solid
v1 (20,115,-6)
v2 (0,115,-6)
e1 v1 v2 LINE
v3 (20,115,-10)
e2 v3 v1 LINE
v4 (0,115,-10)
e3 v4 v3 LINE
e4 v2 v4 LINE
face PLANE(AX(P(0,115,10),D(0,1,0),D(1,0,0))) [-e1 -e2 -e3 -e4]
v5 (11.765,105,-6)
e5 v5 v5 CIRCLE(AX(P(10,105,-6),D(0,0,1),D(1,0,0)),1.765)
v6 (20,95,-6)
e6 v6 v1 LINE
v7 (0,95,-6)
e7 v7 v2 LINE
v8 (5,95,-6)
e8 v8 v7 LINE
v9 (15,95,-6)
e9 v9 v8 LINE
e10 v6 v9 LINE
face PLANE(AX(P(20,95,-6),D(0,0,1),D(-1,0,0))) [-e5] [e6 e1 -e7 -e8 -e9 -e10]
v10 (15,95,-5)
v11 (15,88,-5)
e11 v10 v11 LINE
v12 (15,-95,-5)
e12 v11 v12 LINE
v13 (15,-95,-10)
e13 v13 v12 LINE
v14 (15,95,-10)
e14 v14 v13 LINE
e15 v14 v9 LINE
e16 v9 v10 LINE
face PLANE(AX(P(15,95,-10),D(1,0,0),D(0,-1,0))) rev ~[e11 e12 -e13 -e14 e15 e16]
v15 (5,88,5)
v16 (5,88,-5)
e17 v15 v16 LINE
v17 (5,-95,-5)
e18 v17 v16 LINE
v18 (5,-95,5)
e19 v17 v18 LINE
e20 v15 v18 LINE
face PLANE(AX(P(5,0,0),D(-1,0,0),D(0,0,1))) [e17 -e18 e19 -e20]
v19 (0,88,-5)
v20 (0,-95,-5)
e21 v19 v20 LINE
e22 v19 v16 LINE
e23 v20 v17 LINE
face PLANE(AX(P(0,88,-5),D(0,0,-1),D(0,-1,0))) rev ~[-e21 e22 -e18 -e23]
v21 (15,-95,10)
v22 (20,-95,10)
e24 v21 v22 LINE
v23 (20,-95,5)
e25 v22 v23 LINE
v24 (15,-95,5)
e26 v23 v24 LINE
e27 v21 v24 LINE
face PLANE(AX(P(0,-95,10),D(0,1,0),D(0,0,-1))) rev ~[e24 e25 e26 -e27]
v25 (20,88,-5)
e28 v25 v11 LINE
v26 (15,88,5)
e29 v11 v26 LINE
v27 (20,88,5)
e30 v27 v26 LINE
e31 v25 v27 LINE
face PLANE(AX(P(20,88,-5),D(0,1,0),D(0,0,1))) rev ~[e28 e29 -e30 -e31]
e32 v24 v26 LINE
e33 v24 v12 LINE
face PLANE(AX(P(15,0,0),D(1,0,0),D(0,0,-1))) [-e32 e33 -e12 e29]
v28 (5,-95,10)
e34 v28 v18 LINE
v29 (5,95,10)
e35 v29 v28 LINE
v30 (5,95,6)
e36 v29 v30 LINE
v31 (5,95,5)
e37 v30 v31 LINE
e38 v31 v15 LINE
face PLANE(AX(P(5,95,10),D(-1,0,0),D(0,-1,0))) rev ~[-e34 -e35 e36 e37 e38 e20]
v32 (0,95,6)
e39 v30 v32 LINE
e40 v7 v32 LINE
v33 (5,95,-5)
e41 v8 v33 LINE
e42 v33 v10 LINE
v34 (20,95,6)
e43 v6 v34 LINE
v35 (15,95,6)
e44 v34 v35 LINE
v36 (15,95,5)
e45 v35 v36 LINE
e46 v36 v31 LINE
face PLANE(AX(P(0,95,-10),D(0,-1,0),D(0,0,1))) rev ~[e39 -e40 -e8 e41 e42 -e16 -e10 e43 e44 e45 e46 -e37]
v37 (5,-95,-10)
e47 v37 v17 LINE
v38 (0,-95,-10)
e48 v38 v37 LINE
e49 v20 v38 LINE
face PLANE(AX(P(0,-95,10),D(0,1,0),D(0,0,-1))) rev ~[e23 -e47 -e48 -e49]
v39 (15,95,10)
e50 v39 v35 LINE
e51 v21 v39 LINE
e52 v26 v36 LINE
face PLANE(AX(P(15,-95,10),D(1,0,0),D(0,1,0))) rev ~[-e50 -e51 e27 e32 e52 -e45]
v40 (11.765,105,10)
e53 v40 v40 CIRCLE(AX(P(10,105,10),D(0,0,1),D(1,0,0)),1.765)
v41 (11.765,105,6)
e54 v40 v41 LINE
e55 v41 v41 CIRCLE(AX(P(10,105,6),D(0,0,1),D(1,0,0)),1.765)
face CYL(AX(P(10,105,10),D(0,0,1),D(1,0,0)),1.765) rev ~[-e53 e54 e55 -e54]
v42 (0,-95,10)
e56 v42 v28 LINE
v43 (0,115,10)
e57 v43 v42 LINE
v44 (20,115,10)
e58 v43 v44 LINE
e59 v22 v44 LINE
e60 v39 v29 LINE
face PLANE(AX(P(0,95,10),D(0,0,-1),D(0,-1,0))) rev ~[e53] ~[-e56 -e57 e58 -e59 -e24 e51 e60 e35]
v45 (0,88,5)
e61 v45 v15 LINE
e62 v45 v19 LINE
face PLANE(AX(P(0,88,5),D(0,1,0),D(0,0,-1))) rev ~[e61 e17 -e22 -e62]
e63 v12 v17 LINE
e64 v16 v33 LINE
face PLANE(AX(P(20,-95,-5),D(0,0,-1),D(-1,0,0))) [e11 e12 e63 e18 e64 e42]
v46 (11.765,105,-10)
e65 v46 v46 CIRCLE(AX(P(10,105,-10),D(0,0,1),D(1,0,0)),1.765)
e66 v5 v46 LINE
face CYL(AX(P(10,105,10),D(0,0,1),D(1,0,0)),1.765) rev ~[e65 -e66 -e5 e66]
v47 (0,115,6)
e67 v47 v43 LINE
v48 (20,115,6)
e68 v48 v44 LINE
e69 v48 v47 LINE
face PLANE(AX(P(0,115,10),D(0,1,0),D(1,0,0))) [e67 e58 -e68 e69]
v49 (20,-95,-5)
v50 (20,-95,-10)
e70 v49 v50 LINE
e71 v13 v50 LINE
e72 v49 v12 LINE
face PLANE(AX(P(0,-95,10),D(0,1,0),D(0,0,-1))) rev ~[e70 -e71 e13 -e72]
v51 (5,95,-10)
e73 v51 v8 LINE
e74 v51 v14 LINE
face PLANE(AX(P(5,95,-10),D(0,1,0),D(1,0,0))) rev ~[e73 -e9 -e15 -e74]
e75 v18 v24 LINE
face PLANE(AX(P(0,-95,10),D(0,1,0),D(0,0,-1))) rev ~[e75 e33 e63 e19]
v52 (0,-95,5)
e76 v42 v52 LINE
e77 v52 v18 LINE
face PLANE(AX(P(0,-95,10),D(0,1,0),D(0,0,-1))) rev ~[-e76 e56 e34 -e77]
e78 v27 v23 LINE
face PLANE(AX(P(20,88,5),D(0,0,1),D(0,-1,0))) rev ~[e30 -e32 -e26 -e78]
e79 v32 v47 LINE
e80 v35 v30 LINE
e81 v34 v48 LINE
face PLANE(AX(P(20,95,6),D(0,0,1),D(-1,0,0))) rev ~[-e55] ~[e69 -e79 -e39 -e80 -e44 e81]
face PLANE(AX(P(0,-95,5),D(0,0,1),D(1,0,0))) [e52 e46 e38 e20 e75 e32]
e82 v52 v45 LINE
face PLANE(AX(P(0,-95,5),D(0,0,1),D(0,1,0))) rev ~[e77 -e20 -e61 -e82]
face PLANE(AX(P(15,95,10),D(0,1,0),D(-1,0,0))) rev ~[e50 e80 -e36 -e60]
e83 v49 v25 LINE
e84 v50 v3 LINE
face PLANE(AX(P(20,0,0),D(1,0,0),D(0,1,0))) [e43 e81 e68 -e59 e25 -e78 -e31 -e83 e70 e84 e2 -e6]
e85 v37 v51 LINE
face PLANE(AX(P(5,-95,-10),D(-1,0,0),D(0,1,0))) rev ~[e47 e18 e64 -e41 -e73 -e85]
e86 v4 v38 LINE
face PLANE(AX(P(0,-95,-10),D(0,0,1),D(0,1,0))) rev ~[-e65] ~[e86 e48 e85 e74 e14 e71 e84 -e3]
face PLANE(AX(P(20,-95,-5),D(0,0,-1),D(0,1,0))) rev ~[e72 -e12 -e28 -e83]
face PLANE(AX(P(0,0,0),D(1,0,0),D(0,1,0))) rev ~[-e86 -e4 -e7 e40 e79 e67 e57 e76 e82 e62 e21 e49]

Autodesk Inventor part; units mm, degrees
ref_plane "YZ Plane" through (0, 0, 0) normal (1, 0, 0) x (0, 1, 0)
ref_plane "XZ Plane" through (0, 0, 0) normal (0, 1, 0) x (-1, 0, 0)
ref_plane "XY Plane" through (0, 0, 0) normal (0, 0, 1) x (1, 0, 0)
sketch "Esquisse1" plane through (0, 0, 0) normal (1, 0, 0) x (0, 1, 0)
  line L0 (95, 10) -> (-95, 10)
  line L1 (-95, 10) -> (-95, -10)
  line L2 (-95, -10) -> (95, -10)
  line L3 (95, -10) -> (95, 10)
  line L4 (95, 10) -> (-95, -10)
  line L5 (-95, 10) -> (95, -10)
  point P0 (0, 0)
  point P1 (0, 0)
  point P2 (0, 0)
  dimension "d0" = 190
  dimension "d1" = 20
extrude "Extrusion1" add sketch "Esquisse1" along normal blind 20
sketch "Esquisse2" plane through (0, 95, 10) normal (0, 1, 0) x (1, 0, 0)
  line L0 (20, 20) -> (20, 0) projected
  line L1 (0, 0) -> (20, 0)
  line L2 (20, 0) -> (20, 4)
  line L3 (20, 4) -> (0, 4)
  line L4 (0, 4) -> (0, 0)
  line L5 (0, 10) -> (20, 10)
  line L6 (0, 20) -> (20, 20)
  line L7 (20, 20) -> (20, 16)
  line L8 (20, 16) -> (0, 16)
  line L9 (0, 16) -> (0, 20)
extrude "Extrusion2" add sketch "Esquisse2" along normal blind 20
sketch "Esquisse3" plane through (0, -95, 10) normal (0, 0, 1) x (1, 0, 0)
  circle A0 centre (10, 200) radius 1.765
  line L0 (0, 0) -> (0, 210) projected
  line L1 (0, 210) -> (20, 210) projected
  point P0 (0, 95)
  dimension "d6" = 3.53
  dimension "d7" = 10
  dimension "d8" = 10
extrude "Extrusion3" cut sketch "Esquisse3" against normal blind 78.75
sketch "Esquisse4" plane through (0, -95, 10) normal (0, 0, 1) x (1, 0, 0)
  line L0 (20, 190) -> (0, 190) projected
  line L1 (5, 0) -> (15, 0)
  line L2 (15, 0) -> (15, 190)
  line L3 (15, 190) -> (5, 190)
  line L4 (5, 190) -> (5, 0)
  point P0 (0, 95)
extrude "Extrusion4" cut sketch "Esquisse4" against normal blind 5
sketch "Esquisse5" plane through (20, -95, -10) normal (0, 0, -1) x (-1, 0, 0)
  line L0 (5, 0) -> (0, 0) projected
  line L1 (15, 0) -> (15, 190) projected
  line L2 (5, 0) -> (15, 0)
  line L3 (15, 0) -> (15, 190)
  line L4 (15, 190) -> (5, 190)
  line L5 (5, 190) -> (5, 0)
  point P0 (20, 95)
extrude "Extrusion5" cut sketch "Esquisse5" against normal blind 5
sketch "Esquisse6" plane through (20, 0, 0) normal (1, 0, 0) x (0, 0, -1)
  line L0 (-10, -95) -> (10, -95) projected
  line L1 (5, -95) -> (5, 95) projected
  line L2 (-5, -95) -> (5, -95)
  line L3 (5, -95) -> (5, 88)
  line L4 (5, 88) -> (-5, 88)
  line L5 (-5, 88) -> (-5, -95)
  point P0 (0, 0)
extrude "Extrusion6" cut sketch "Esquisse6" against normal blind 5
sketch "Esquisse7" plane through (0, 0, 0) normal (-1, 0, 0) x (0, 0, 1)
  line L0 (-5, 88) -> (-5, -95) projected
  line L1 (5, -95) -> (5, 95) projected
  line L2 (-5, -95) -> (5, -95)
  line L3 (5, -95) -> (5, 88)
  line L4 (5, 88) -> (-5, 88)
  line L5 (-5, 88) -> (-5, -95)
  point P0 (0, 0)
extrude "Extrusion7" cut sketch "Esquisse7" against normal blind 5
properties part number "rail_principal"
